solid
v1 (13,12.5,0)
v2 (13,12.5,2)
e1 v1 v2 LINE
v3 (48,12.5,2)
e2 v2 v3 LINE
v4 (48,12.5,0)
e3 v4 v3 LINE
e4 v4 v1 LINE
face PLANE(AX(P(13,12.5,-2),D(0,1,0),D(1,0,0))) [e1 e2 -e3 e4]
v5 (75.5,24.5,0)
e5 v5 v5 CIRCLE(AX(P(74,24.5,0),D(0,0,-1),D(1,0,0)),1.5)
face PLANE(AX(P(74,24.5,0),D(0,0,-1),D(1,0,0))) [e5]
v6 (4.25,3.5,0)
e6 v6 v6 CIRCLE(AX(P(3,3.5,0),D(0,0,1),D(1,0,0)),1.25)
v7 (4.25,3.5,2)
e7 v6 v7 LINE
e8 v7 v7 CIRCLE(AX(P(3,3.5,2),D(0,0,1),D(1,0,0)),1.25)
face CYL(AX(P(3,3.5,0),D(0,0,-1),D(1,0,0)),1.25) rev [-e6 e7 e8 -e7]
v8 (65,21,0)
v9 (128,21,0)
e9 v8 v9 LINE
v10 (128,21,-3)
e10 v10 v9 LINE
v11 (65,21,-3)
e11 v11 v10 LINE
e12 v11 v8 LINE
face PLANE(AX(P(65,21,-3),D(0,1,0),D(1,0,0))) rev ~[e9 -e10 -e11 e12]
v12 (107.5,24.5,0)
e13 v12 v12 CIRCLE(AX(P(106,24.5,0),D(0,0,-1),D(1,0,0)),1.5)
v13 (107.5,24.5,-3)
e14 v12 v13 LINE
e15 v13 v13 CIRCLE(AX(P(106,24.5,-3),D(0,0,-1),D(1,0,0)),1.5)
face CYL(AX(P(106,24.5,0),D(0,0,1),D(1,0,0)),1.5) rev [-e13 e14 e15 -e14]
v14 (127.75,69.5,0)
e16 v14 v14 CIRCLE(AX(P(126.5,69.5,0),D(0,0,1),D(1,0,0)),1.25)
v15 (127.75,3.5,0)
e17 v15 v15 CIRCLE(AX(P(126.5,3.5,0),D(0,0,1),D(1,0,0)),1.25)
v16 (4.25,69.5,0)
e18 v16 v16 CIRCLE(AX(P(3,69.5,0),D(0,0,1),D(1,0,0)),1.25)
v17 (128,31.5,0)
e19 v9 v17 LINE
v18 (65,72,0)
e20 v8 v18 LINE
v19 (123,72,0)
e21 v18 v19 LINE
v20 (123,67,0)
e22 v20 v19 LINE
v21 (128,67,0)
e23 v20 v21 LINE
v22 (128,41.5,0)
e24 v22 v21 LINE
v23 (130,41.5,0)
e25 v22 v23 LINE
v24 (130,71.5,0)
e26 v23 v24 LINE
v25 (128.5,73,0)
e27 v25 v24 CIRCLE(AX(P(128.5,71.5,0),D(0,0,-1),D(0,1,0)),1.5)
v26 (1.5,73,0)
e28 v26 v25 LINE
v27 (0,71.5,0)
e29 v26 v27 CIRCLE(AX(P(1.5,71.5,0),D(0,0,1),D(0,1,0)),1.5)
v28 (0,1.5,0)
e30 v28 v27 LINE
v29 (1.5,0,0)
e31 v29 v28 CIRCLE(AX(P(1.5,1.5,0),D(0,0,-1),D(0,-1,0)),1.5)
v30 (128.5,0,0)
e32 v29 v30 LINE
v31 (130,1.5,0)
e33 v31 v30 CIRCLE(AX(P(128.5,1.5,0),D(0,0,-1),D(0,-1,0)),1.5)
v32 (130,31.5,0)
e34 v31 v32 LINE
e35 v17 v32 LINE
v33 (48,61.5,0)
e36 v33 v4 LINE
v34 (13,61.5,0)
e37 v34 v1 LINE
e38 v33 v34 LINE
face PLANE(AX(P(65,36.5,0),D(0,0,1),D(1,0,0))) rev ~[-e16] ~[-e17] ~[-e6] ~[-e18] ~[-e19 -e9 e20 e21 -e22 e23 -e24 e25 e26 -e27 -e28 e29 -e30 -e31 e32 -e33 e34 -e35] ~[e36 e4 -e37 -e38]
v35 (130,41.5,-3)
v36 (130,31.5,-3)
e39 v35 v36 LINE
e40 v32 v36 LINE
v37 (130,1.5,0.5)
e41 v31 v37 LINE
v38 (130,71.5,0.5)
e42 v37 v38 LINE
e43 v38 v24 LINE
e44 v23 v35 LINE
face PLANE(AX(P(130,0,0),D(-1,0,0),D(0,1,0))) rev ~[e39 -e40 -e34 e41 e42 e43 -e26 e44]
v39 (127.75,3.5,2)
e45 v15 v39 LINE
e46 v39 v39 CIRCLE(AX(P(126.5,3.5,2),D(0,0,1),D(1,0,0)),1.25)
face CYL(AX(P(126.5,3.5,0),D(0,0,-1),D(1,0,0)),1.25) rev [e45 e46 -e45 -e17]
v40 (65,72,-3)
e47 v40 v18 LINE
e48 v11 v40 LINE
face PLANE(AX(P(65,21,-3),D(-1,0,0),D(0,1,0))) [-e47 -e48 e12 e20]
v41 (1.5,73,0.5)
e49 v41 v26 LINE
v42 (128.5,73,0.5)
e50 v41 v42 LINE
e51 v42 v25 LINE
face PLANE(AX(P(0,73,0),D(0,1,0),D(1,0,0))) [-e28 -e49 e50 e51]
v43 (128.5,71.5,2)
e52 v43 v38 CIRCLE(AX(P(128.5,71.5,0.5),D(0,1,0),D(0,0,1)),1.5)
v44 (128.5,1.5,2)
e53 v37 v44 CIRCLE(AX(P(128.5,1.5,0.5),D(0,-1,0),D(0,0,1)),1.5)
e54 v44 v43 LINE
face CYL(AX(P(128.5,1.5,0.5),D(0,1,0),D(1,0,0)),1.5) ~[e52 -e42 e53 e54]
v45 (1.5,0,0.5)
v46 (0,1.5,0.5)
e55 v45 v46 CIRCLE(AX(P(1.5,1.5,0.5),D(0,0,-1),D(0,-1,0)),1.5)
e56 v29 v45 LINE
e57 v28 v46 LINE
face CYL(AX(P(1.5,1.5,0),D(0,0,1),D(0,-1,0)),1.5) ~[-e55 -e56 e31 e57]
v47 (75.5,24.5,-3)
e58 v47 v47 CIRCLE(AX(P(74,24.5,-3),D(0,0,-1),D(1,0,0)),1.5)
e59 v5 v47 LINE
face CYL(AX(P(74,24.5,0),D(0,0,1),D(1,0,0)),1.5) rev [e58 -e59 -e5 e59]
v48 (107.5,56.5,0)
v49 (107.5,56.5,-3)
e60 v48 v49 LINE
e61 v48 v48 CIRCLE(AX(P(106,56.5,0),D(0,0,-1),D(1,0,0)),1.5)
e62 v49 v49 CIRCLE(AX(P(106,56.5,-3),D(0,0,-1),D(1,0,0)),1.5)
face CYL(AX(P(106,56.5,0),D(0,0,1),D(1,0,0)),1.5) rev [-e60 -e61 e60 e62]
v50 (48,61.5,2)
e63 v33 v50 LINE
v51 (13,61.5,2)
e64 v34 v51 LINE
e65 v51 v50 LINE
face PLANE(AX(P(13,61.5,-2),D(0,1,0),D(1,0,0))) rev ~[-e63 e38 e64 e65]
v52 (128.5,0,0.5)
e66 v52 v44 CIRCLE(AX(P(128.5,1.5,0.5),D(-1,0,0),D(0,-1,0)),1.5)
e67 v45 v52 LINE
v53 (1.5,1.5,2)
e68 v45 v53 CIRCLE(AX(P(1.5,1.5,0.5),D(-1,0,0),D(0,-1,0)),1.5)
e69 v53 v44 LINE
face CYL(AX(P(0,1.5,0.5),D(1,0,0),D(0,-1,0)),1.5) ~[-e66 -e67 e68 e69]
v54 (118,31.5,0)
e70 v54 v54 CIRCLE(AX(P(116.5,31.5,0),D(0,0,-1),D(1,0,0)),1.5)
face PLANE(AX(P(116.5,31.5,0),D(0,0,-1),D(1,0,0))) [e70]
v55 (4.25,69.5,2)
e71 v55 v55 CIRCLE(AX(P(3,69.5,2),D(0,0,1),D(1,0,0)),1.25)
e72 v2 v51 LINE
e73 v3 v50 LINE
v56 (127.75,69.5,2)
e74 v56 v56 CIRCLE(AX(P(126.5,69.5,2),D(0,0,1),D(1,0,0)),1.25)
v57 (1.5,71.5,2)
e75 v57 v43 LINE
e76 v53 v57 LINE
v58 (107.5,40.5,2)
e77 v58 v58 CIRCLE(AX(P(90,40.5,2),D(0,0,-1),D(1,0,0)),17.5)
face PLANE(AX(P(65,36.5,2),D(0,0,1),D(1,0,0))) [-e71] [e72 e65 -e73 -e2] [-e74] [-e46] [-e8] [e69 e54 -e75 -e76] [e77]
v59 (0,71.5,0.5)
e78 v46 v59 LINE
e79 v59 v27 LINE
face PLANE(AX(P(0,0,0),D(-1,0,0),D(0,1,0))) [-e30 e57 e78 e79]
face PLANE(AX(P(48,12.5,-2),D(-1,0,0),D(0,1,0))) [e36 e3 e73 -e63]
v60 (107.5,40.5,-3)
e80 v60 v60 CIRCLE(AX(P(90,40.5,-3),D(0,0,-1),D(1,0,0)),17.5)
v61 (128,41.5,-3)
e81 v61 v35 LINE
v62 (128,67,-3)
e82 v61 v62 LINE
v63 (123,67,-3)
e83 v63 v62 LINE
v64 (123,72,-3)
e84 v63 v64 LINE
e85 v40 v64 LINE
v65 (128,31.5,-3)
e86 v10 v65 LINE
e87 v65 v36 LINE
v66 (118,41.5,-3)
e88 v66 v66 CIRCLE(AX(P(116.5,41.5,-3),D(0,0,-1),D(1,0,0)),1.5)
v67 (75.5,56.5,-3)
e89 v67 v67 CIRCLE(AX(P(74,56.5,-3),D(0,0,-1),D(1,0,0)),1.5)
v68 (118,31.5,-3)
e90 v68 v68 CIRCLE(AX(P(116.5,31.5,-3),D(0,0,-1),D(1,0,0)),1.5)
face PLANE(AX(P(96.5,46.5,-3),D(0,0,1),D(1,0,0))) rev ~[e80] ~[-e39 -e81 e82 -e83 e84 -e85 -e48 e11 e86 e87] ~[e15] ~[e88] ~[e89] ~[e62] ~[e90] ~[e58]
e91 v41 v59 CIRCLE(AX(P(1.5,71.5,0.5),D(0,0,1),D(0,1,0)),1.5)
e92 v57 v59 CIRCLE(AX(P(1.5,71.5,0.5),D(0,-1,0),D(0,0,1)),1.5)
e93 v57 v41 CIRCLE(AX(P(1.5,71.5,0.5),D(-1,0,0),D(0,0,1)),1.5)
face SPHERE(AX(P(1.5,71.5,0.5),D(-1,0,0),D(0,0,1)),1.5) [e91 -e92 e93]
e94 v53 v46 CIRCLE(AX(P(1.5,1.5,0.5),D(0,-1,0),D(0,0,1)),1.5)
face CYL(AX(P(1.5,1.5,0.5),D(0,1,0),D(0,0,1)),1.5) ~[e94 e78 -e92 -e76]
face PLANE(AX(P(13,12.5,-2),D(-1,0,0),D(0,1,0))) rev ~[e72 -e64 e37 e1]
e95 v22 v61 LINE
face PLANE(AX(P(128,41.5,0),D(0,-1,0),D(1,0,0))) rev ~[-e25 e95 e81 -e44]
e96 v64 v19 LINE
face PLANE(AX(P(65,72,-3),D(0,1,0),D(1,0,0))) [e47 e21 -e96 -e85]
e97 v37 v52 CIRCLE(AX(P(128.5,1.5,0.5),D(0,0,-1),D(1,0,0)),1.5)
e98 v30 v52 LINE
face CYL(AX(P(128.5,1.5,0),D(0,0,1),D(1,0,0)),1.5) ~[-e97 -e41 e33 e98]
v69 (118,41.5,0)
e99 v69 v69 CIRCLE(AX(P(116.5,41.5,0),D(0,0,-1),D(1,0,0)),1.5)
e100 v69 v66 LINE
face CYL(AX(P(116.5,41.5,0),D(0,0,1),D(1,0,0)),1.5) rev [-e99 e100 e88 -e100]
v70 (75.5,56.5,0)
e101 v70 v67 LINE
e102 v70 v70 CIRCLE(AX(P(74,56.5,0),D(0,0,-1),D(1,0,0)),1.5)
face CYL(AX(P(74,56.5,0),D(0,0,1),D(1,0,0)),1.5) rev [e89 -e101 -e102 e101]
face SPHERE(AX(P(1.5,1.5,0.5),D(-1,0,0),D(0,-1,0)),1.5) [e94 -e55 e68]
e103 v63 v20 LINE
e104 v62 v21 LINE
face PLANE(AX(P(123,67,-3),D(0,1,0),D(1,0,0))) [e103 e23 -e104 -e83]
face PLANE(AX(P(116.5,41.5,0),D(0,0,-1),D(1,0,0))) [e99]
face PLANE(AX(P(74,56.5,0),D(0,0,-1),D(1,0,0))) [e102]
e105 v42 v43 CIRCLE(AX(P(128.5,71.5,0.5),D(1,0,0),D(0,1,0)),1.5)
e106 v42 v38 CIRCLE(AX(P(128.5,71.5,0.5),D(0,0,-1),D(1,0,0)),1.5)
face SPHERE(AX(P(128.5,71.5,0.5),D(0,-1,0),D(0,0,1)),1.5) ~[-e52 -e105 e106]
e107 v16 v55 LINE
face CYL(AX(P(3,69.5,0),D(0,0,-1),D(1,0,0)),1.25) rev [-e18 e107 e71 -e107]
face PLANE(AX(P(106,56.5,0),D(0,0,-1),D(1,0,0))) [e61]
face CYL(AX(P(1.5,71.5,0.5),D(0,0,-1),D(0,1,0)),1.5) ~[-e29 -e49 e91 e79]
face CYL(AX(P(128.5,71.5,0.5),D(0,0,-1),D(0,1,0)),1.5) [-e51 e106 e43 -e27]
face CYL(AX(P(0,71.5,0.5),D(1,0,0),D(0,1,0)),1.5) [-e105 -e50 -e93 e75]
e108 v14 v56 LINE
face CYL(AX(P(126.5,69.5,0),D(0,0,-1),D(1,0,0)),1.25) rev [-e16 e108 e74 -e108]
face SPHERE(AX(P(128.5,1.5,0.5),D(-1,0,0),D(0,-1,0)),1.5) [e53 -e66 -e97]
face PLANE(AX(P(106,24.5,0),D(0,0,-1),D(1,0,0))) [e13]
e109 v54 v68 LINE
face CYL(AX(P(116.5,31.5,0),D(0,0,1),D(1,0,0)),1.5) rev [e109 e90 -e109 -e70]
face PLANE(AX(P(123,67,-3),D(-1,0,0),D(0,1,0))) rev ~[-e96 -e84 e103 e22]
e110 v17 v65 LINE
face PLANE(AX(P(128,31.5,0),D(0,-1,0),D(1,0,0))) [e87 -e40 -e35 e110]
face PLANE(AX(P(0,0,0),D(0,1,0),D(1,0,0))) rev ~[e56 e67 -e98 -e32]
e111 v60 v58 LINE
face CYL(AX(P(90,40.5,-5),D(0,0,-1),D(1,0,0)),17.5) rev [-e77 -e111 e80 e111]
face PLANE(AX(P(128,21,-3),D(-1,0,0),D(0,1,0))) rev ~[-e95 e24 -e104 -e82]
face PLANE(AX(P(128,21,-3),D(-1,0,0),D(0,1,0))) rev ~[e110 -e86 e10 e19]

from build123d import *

# Parameters (mm, degrees)
BOX_W             = 130
BOX_H             = 73
BOX_DEPTH         = 2
BOX001_W          = 35
BOX001_H          = 49
BOX001_DEPTH      = 4
CYLINDER_R        = 17.5
CYLINDER_DEPTH    = 14
BOX002_W          = 63
BOX002_H          = 51
BOX002_DEPTH      = 3
CYLINDER001_R     = 17.5
CYLINDER001_DEPTH = 10
CYLINDER002_R     = 1.5
CYLINDER002_DEPTH = 3
CYLINDER003_R     = 1.5
CYLINDER003_DEPTH = 3
CYLINDER004_R     = 1.5
CYLINDER004_DEPTH = 3
CYLINDER005_R     = 1.5
CYLINDER005_DEPTH = 3
CYLINDER006_R     = 1.5
CYLINDER006_DEPTH = 3
CYLINDER007_R     = 1.5
CYLINDER007_DEPTH = 3
BOX003_W          = 2
BOX003_H          = 10
BOX003_DEPTH      = 3
BOX004_W          = 5
BOX004_H          = 5
BOX004_DEPTH      = 3
CYLINDER008_R     = 1.25
CYLINDER008_DEPTH = 2
CYLINDER009_R     = 1.25
CYLINDER009_DEPTH = 2
CYLINDER010_R     = 1.25
CYLINDER010_DEPTH = 2
CYLINDER011_R     = 1.25
CYLINDER011_DEPTH = 2
FILLET_R          = 1.5
FILLET001_R       = 1.5
FILLET002_R       = 1.5
FILLET003_R       = 1.5


with BuildPart() as part:
    # Box → Box (join)
    with BuildSketch(Plane.XY):
        with Locations((65, 36.5)):
            Rectangle(BOX_W, BOX_H)
    extrude(amount=BOX_DEPTH)

    # Box001 → Box001 (cut)
    with BuildSketch(Plane(origin=(13, 12.5, -2), x_dir=(1, 0, 0), z_dir=(0, 0, 1))):
        with Locations((17.5, 24.5)):
            Rectangle(BOX001_W, BOX001_H)
    extrude(amount=BOX001_DEPTH, mode=Mode.SUBTRACT)

    # Cylinder → Cylinder (cut)
    with BuildSketch(Plane(origin=(90, 40.5, -6), x_dir=(1, 0, 0), z_dir=(0, 0, 1))):
        Circle(CYLINDER_R)
    extrude(amount=CYLINDER_DEPTH, mode=Mode.SUBTRACT)

    # Box002 → Box002 (join)
    with BuildSketch(Plane(origin=(65, 21, -3), x_dir=(1, 0, 0), z_dir=(0, 0, 1))):
        with Locations((31.5, 25.5)):
            Rectangle(BOX002_W, BOX002_H)
    extrude(amount=BOX002_DEPTH)

    # Cylinder001 → Cylinder001 (cut)
    with BuildSketch(Plane(origin=(90, 40.5, -5), x_dir=(1, 0, 0), z_dir=(0, 0, 1))):
        Circle(CYLINDER001_R)
    extrude(amount=CYLINDER001_DEPTH, mode=Mode.SUBTRACT)

    # Cylinder002 → Cylinder002 (cut)
    with BuildSketch(Plane(origin=(106, 24.5, 0), x_dir=(1, 0, 0), z_dir=(0, 0, -1))):
        Circle(CYLINDER002_R)
    extrude(amount=CYLINDER002_DEPTH, mode=Mode.SUBTRACT)

    # Cylinder003 → Cylinder003 (cut)
    with BuildSketch(Plane(origin=(74, 24.5, 0), x_dir=(1, 0, 0), z_dir=(0, 0, -1))):
        Circle(CYLINDER003_R)
    extrude(amount=CYLINDER003_DEPTH, mode=Mode.SUBTRACT)

    # Cylinder004 → Cylinder004 (cut)
    with BuildSketch(Plane(origin=(74, 56.5, 0), x_dir=(1, 0, 0), z_dir=(0, 0, -1))):
        Circle(CYLINDER004_R)
    extrude(amount=CYLINDER004_DEPTH, mode=Mode.SUBTRACT)

    # Cylinder005 → Cylinder005 (cut)
    with BuildSketch(Plane(origin=(106, 56.5, 0), x_dir=(1, 0, 0), z_dir=(0, 0, -1))):
        Circle(CYLINDER005_R)
    extrude(amount=CYLINDER005_DEPTH, mode=Mode.SUBTRACT)

    # Cylinder006 → Cylinder006 (cut)
    with BuildSketch(Plane(origin=(116.5, 41.5, 0), x_dir=(1, 0, 0), z_dir=(0, 0, -1))):
        Circle(CYLINDER006_R)
    extrude(amount=CYLINDER006_DEPTH, mode=Mode.SUBTRACT)

    # Cylinder007 → Cylinder007 (cut)
    with BuildSketch(Plane(origin=(116.5, 31.5, 0), x_dir=(1, 0, 0), z_dir=(0, 0, -1))):
        Circle(CYLINDER007_R)
    extrude(amount=CYLINDER007_DEPTH, mode=Mode.SUBTRACT)

    # Box003 → Box003 (join)
    with BuildSketch(Plane(origin=(128, 41.5, 0), x_dir=(1, 0, 0), z_dir=(0, 0, -1))):
        with Locations((1, 5)):
            Rectangle(BOX003_W, BOX003_H)
    extrude(amount=BOX003_DEPTH)

    # Box004 → Box004 (cut)
    with BuildSketch(Plane(origin=(123, 67, -3), x_dir=(1, 0, 0), z_dir=(0, 0, 1))):
        with Locations((2.5, 2.5)):
            Rectangle(BOX004_W, BOX004_H)
    extrude(amount=BOX004_DEPTH, mode=Mode.SUBTRACT)

    # Cylinder008 → Cylinder008 (cut)
    with BuildSketch(Plane(origin=(3, 69.5, 0), x_dir=(1, 0, 0), z_dir=(0, 0, 1))):
        Circle(CYLINDER008_R)
    extrude(amount=CYLINDER008_DEPTH, mode=Mode.SUBTRACT)

    # Cylinder009 → Cylinder009 (cut)
    with BuildSketch(Plane(origin=(3, 3.5, 0), x_dir=(1, 0, 0), z_dir=(0, 0, 1))):
        Circle(CYLINDER009_R)
    extrude(amount=CYLINDER009_DEPTH, mode=Mode.SUBTRACT)

    # Cylinder010 → Cylinder010 (cut)
    with BuildSketch(Plane(origin=(126.5, 3.5, 0), x_dir=(1, 0, 0), z_dir=(0, 0, 1))):
        Circle(CYLINDER010_R)
    extrude(amount=CYLINDER010_DEPTH, mode=Mode.SUBTRACT)

    # Cylinder011 → Cylinder011 (cut)
    with BuildSketch(Plane(origin=(126.5, 69.5, 0), x_dir=(1, 0, 0), z_dir=(0, 0, 1))):
        Circle(CYLINDER011_R)
    extrude(amount=CYLINDER011_DEPTH, mode=Mode.SUBTRACT)

    # Fillet
    fillet_edges = [part.edges().sort_by_distance(p)[0] for p in [
        (65, 0, 2),
    ]]
    fillet(fillet_edges, radius=FILLET_R)

    # Fillet001
    fillet001_edges = [part.edges().sort_by_distance(p)[0] for p in [
        (130, 37.25, 2),
    ]]
    fillet(fillet001_edges, radius=FILLET001_R)

    # Fillet002
    fillet002_edges = [part.edges().sort_by_distance(p)[0] for p in [
        (64.25, 73, 2),
    ]]
    fillet(fillet002_edges, radius=FILLET002_R)

    # Fillet003
    fillet003_edges = [part.edges().sort_by_distance(p)[0] for p in [
        (0, 36.5, 2),
    ]]
    fillet(fillet003_edges, radius=FILLET003_R)


solid = part.part
